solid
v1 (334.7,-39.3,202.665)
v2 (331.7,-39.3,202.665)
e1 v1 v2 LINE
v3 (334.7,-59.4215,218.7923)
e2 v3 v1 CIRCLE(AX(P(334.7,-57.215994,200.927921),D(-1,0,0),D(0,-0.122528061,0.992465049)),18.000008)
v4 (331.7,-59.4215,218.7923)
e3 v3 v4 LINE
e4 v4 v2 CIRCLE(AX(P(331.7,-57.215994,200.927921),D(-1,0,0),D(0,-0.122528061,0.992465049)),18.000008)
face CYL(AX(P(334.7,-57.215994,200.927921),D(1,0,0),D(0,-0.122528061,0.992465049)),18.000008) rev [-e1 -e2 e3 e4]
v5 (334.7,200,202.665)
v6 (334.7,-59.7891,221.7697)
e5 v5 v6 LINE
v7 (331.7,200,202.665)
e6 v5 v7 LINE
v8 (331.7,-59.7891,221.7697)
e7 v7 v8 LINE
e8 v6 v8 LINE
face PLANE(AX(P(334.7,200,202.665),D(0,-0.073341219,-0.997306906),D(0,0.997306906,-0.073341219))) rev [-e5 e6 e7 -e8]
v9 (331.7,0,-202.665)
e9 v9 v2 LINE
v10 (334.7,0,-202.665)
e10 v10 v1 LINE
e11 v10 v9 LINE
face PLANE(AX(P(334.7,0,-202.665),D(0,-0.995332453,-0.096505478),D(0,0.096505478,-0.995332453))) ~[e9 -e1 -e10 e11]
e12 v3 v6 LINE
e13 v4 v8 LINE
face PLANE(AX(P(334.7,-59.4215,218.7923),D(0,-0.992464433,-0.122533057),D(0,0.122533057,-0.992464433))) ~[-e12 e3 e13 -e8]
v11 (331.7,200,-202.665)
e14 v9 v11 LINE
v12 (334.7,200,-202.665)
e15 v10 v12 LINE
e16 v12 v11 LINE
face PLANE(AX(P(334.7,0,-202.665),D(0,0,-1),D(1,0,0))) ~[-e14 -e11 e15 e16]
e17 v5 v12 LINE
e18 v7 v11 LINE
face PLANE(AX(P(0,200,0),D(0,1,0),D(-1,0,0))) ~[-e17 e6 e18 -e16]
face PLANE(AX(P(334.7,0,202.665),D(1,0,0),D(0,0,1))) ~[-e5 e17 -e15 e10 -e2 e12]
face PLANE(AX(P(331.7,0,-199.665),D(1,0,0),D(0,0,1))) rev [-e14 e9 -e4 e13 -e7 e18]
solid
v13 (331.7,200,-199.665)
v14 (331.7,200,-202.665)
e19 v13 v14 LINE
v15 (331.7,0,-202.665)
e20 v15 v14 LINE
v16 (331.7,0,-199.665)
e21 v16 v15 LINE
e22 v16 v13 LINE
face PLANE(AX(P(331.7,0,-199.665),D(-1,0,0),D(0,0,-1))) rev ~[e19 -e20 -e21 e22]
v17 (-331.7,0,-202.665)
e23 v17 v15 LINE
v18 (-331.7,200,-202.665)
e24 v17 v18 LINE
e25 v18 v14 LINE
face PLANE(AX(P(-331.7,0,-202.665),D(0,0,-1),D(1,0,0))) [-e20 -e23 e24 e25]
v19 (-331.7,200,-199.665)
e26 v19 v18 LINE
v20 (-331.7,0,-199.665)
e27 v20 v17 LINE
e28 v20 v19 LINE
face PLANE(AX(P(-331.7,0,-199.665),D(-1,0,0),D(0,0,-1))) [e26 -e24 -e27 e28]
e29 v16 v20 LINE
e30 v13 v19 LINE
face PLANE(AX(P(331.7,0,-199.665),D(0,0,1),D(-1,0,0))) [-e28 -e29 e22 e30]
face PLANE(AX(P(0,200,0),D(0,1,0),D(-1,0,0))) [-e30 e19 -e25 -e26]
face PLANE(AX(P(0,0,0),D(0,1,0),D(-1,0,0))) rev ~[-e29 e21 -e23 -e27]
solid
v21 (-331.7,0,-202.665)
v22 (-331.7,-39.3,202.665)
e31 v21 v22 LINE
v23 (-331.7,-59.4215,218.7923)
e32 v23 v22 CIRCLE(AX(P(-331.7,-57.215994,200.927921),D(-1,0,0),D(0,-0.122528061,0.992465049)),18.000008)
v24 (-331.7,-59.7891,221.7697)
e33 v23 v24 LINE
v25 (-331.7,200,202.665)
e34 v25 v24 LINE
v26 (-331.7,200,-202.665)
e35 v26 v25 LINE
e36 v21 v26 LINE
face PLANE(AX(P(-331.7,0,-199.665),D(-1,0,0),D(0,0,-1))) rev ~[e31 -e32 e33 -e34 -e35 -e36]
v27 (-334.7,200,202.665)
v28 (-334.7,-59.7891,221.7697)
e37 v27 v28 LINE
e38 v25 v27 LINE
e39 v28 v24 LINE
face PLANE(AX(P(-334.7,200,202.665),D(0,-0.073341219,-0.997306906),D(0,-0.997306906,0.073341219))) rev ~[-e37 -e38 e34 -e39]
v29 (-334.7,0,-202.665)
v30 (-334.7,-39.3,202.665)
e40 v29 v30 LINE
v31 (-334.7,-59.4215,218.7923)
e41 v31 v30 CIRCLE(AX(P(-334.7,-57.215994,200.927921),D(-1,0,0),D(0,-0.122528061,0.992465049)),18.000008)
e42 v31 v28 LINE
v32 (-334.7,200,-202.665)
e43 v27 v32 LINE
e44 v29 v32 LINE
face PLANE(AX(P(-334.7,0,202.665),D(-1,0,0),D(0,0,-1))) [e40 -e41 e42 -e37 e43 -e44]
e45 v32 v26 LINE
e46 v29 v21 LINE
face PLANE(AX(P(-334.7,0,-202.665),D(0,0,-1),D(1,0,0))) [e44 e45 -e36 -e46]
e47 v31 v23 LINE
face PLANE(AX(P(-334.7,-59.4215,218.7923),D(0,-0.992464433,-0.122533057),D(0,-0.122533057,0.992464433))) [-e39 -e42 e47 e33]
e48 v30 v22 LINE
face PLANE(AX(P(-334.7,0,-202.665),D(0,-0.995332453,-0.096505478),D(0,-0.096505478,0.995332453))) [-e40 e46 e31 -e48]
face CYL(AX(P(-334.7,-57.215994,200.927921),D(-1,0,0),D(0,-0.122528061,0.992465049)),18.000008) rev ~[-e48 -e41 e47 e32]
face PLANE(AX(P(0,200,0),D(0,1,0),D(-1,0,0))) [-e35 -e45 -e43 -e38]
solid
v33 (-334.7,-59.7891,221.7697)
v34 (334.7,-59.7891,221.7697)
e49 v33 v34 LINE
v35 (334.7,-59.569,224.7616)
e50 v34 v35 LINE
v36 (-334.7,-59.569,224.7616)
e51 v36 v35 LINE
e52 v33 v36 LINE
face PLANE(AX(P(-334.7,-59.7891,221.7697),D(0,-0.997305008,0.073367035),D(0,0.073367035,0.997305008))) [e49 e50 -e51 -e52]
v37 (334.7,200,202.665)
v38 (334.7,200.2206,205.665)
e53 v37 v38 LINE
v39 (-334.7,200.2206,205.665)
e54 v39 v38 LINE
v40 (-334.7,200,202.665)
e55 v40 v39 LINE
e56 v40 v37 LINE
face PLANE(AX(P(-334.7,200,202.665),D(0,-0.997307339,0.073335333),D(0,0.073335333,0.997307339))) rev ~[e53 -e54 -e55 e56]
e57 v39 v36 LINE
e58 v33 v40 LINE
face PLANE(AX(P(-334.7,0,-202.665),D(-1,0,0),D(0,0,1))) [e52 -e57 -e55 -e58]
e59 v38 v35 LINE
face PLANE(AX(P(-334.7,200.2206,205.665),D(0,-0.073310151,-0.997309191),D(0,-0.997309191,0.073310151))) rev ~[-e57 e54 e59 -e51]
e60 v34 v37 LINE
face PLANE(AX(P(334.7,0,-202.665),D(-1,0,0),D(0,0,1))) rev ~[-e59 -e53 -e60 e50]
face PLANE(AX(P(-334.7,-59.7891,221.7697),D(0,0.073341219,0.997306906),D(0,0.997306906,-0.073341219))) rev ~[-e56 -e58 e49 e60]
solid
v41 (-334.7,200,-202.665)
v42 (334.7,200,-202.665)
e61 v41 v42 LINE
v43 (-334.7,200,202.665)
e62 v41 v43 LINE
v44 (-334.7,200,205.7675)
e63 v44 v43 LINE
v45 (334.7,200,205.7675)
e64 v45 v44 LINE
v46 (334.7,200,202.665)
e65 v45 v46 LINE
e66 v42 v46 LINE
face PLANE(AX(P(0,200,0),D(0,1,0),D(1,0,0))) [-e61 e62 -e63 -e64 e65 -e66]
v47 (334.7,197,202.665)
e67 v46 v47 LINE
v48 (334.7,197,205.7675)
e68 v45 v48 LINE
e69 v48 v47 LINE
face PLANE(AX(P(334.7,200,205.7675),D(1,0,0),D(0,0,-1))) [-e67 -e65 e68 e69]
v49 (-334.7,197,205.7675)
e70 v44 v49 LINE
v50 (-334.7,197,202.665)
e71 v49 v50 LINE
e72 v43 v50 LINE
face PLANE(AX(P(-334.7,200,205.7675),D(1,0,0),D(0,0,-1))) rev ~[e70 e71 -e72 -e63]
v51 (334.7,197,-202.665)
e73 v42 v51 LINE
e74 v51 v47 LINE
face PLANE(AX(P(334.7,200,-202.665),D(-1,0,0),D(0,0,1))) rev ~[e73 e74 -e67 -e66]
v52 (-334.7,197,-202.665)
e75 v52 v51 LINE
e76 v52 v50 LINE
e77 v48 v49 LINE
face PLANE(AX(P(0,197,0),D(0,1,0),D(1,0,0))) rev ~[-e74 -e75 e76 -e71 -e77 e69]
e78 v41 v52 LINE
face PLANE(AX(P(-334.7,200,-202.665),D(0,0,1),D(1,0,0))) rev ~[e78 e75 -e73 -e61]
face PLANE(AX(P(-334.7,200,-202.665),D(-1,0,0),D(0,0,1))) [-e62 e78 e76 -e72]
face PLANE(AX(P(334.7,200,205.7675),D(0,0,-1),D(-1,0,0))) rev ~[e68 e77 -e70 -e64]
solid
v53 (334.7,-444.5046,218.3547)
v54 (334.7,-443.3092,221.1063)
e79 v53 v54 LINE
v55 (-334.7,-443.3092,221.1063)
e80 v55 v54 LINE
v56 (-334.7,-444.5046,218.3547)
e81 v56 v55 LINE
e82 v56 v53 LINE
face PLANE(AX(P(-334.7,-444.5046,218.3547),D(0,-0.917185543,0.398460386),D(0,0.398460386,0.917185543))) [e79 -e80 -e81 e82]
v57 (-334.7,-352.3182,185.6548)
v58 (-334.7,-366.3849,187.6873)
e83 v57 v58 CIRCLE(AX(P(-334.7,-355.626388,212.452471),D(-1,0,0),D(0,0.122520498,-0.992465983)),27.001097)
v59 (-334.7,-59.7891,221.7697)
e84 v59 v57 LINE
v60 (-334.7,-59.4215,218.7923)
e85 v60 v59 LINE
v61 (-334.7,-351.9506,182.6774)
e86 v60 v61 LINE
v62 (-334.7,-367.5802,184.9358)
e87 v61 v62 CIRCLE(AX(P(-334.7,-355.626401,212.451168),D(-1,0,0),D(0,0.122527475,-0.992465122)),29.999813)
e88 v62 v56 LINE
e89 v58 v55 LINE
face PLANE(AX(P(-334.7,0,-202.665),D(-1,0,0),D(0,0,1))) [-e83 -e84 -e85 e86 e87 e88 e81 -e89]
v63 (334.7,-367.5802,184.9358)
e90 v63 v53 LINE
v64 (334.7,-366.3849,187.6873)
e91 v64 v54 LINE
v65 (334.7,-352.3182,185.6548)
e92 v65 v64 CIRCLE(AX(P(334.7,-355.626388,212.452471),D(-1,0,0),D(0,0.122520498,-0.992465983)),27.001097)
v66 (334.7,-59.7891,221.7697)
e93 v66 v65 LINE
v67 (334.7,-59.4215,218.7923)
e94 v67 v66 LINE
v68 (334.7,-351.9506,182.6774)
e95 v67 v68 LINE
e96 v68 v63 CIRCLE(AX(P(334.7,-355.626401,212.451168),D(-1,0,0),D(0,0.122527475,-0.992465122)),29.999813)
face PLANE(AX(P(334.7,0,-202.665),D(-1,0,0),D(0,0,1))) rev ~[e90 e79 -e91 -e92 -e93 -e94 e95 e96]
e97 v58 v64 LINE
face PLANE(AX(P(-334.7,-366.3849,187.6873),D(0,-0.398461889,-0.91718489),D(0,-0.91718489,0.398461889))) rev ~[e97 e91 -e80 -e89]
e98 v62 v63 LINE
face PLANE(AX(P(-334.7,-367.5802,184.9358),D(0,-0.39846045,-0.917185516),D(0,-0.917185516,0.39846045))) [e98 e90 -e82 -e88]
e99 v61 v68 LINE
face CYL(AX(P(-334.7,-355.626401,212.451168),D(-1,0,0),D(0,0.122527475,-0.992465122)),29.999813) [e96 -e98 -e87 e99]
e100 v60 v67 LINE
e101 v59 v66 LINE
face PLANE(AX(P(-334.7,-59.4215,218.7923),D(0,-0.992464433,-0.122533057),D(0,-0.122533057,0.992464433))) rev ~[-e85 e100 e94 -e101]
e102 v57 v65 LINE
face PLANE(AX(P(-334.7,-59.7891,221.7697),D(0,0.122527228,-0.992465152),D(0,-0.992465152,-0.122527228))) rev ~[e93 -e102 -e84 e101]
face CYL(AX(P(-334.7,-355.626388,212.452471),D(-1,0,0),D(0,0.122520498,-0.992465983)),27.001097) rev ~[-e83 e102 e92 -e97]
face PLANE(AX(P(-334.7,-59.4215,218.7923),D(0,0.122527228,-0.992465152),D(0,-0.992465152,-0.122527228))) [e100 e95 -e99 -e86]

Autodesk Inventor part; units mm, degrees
ref_plane "YZ Plane" through (0, 0, 0) normal (1, 0, 0) x (0, 1, 0)
ref_plane "XZ Plane" through (0, 0, 0) normal (0, 1, 0) x (-1, 0, 0)
ref_plane "XY Plane" through (0, 0, 0) normal (0, 0, 1) x (1, 0, 0)
sketch "Sketch1" plane through (0, 0, 0) normal (0, 1, 0) x (-1, 0, 0)
  line L0 (334.7, -202.665) -> (-334.7, -202.665)
  line L1 (-334.7, -202.665) -> (-334.7, 202.665)
  line L2 (-334.7, 202.665) -> (334.7, 202.665)
  line L3 (334.7, 202.665) -> (334.7, -202.665)
  line L4 (337.7, -202.665) -> (-337.7, -202.665) construction
  line L5 (-337.7, -202.665) -> (-337.7, 202.665) construction
  line L6 (-337.7, 202.665) -> (337.7, 202.665) construction
  line L7 (337.7, 202.665) -> (337.7, -202.665) construction
  line L8 (-331.7, 199.665) -> (-331.7, -199.665)
  line L9 (-331.7, -199.665) -> (331.7, -199.665)
  line L10 (331.7, -199.665) -> (331.7, 199.665)
  line L11 (331.7, 199.665) -> (-331.7, 199.665)
  line L12 (331.7, 199.665) -> (331.7, 202.665)
  line L13 (-331.7, 199.665) -> (-331.7, 202.665)
  line L14 (331.7, -199.665) -> (331.7, -202.665)
  line L15 (-331.7, -199.665) -> (-331.7, -202.665)
  point P0 (0, 0)
  point P1 (-334.7, 0)
  point P2 (0, -202.665)
  point P3 (0, -202.665)
  point P4 (-337.7, 0)
  point P5 (331.7, 202.665)
  point P6 (331.7, -202.665)
  point P7 (-331.7, -202.665)
  dimension "d0" = 675.4
  dimension "d1" = 405.33
  dimension "d2" = 3
  dimension "d3" = 3
extrude "Extrusion1" add sketch "Sketch1" along normal blind 200 contours L0 L14 L10 L12 L2 L3
extrude "Extrusion2" add sketch "Sketch1" along normal blind 200 separate body contours L0 L15 L9 L14
sketch "Sketch2" plane through (-334.7, 0, -202.665) normal (-1, 0, 0) x (0, 0, 1)
  line L0 (405.33, 0) -> (0, 0) projected
  line L1 (0, 0) -> (405.33, -39.3)
  line L2 (405.33, 0) -> (405.33, -39.3) construction
  line L3 (405.33, 0) -> (405.33, 200) projected
  arc A0 (421.4573, -59.4215) -> (405.33, -39.3) centre (403.5929, -57.216) ccw
  line L4 (421.4573, -59.4215) -> (413.7818, -121.5922) construction
  line L5 (421.4573, -59.4215) -> (424.4347, -59.7891)
  line L6 (405.33, 200) -> (424.4347, -59.7891)
  point P0 (202.665, 0)
  dimension "d8" = 39.3
  dimension "d9" = 18
  dimension "d10" = 88.5
  dimension "d12" = 3
extrude "Extrusion3" add sketch "Sketch2" against normal up to surface (3 mm away) bodies 1
mirror "Mirror1" about plane through (0, 0, 0) normal (1, 0, 0) of "Extrusion3", "Extrusion1" bodies 1
sketch "Sketch4" plane through (-334.7, 0, -202.665) normal (-1, 0, 0) x (0, 0, 1)
  line L0 (0, 0) -> (405.33, -39.3) projected
  arc A0 (421.4573, -59.4215) -> (405.33, -39.3) centre (403.5929, -57.216) ccw projected
  line L1 (421.4573, -59.4215) -> (424.4347, -59.7891) projected
  line L2 (424.4347, -59.7891) -> (405.33, 200) projected
  line L3 (0, 200) -> (405.33, 200) projected
  line L4 (0, 0) -> (0, 200) projected
  line L5 (424.4347, -59.7891) -> (405.33, 200) projected
  line L6 (405.33, 200) -> (408.33, 200.2206)
  line L7 (408.33, 200.2206) -> (427.4266, -59.569)
  line L8 (424.4347, -59.7891) -> (427.4266, -59.569)
  point P0 (202.665, 0)
  dimension "d15" = 90
  dimension "d16" = 3
  dimension "d17" = 90
  dimension "d19" = 3
extrude "Extrusion4" add sketch "Sketch4" against normal up to surface (669.4 mm away) separate body contours L6 L7 L8 L2
sketch "Sketch5" plane through (0, 200, 0) normal (0, 1, 0) x (1, 0, 0)
  line L0 (-334.7, 202.665) -> (-334.7, -202.665) projected
  line L1 (334.7, -218.9279) -> (334.7, -202.665) projected
  line L2 (-334.7, 202.665) -> (334.7, 202.665)
  line L3 (334.7, 202.665) -> (334.7, -205.7675)
  line L4 (334.7, -205.7675) -> (-334.7, -205.7675)
  line L5 (-334.7, -205.7675) -> (-334.7, 202.665)
  point P0 (0, 0)
  point P1 (334.7, -218.7923)
extrude "Extrusion5" add sketch "Sketch5" against normal blind 3 separate body
sketch "Sketch6" plane through (-334.7, 0, -202.665) normal (-1, 0, 0) x (0, 0, 1)
  arc A0 (421.4573, -59.4215) -> (405.33, -39.3) centre (403.5929, -57.216) ccw projected
  line L0 (421.4573, -59.4215) -> (385.3424, -351.9506)
  arc A1 (421.4573, -59.4215) -> (405.33, -39.3) centre (403.5929, -57.216) ccw projected
  arc A2 (385.3424, -351.9506) -> (387.6008, -367.5802) centre (415.1163, -355.6264) ccw
  line L1 (387.6008, -367.5802) -> (421.0197, -444.5046)
  line L2 (424.4347, -59.7891) -> (388.3198, -352.3182)
  arc A3 (388.3198, -352.3182) -> (390.3523, -366.3849) centre (415.1163, -355.6264) ccw
  line L3 (390.3523, -366.3849) -> (423.7713, -443.3092)
  line L4 (421.4573, -59.4215) -> (424.4347, -59.7891)
  line L5 (421.0197, -444.5046) -> (423.7713, -443.3092)
  point P0 (202.665, 0)
  dimension "d24" = 294.75
  dimension "d25" = 30
  dimension "d26" = 149.48
  dimension "d27" = 83.87
  dimension "d28" = 3
extrude "Extrusion6" add sketch "Sketch6" against normal up to surface (669.4 mm away) separate body
sketch "Sketch7" plane through (-334.7, -59.7891, 221.7697) normal (0, -0.1225, 0.9925) x (1, 0, 0)
  ellipse E0 centre (1026.9236, 18.0035) end of major axis (1999.1461, 18.0035) minor radius 972.2223 (54.8677, 0.0035) -> (106.3768, -294.7427) ccw projected
  spline S0 degree 3 poles (109, -302.3594) (108.5627, -301.1176) (108.1258, -299.8562) (107.2511, -297.3094) (106.8142, -296.0268) (106.3768, -294.7427) knots -0.813889 -0.813889 -0.813889 -0.813889 -0.406945 -0.406945 0 0 0 0 projected
  spline S1 degree 3 poles (112.888, -309.9746) (112.3974, -309.2284) (111.9723, -308.5468) (111.6126, -307.9425) (111.4327, -307.6404) (111.2692, -307.3574) (111.1221, -307.0949) (111.0485, -306.9636) (110.979, -306.8374) (110.9136, -306.7164) (110.8809, -306.6559) (110.8493, -306.5967) (110.8186, -306.5388) (110.8033, -306.5098) (110.7882, -306.4812) (110.7734, -306.4529) (110.766, -306.4387) (110.7586, -306.4247) (110.7514, -306.4107) (110.7441, -306.3967) (110.7375, -306.384) (110.7297, -306.369) (110.2337, -305.4107) (109.6571, -304.0867) (109, -302.3594) knots 0 0 0 0 0.25 0.25 0.25 0.375 0.375 0.375 0.4375 0.4375 0.4375 0.46875 0.46875 0.46875 0.484375 0.484375 0.484375 0.492187 0.492187 0.492187 0.5 0.5 0.5 1 1 1 1 projected
  ellipse E1 centre (138.7441, -291.9833) end of major axis (170.2478, -291.9833) minor radius 31.4913 (112.888, -309.9746) -> (138.7441, -323.4747) ccw projected
  line L0 (138.7441, -323.4747) -> (536.6559, -323.4747) projected
  ellipse E2 centre (138.7441, -291.9833) end of major axis (170.2478, -291.9833) minor radius 31.4913 (112.888, -309.9746) -> (138.7441, -323.4747) ccw projected
  line L1 (138.7441, -323.4747) -> (536.6559, -323.4747) projected
  line L2 (543.4, -374.2271) -> (543.4, -316.9082) projected
  ellipse E3 centre (-351.5236, 18.0035) end of major axis (620.6989, 18.0035) minor radius 972.2223 (569.0232, -294.7427) -> (620.5323, 0.0035) ccw projected
  spline S2 degree 3 poles (569.0232, -294.7427) (568.5858, -296.0268) (568.1489, -297.3094) (567.2742, -299.8562) (566.8373, -301.1176) (566.4, -302.3594) knots -0.813889 -0.813889 -0.813889 -0.813889 -0.406945 -0.406945 0 0 0 0 projected
  ellipse E4 centre (-351.5236, 18.0035) end of major axis (620.6989, 18.0035) minor radius 972.2223 (569.0232, -294.7427) -> (620.5323, 0.0035) ccw projected
  spline S3 degree 3 poles (566.4, -302.3594) (566.0715, -303.2229) (565.7631, -303.9859) (565.3307, -304.986) (565.1916, -305.2952) (564.9904, -305.724) (564.9246, -305.8611) (564.8278, -306.058) (564.7799, -306.1543) (564.7248, -306.2629) (564.7014, -306.3087) (564.6858, -306.339) (564.6774, -306.3552) (564.4415, -306.811) (564.1473, -307.338) (563.4278, -308.5466) (563.0027, -309.2282) (562.512, -309.9746) knots 0 0 0 0 0.25 0.25 0.375 0.375 0.4375 0.4375 0.46875 0.484375 0.492187 0.492187 0.5 0.5 0.75 0.75 1 1 1 1 projected
  ellipse E5 centre (536.6559, -291.9833) end of major axis (568.1595, -291.9833) minor radius 31.4913 (536.6559, -323.4747) -> (562.512, -309.9746) ccw projected
  point P0 (334.7, 32.1657)
sketch "Sketch8" plane through (-334.7, -366.3849, 187.6873) normal (0, 0.3985, 0.9172) x (1, 0, 0)
  line L0 (138.7441, -15.6403) -> (536.6559, -15.6403) projected
  ellipse E0 centre (138.7441, 20.9297) end of major axis (138.7441, 57.4996) minor radius 31.5036 (112.888, 0.037) -> (138.7441, -15.6403) ccw projected
  ellipse E1 centre (536.6559, 20.9297) end of major axis (536.6559, -15.6403) minor radius 31.5036 (536.6559, -15.6403) -> (562.512, 0.037) ccw projected
  spline S0 degree 3 poles (566.4, 8.211) (566.0715, 7.3517) (565.7631, 6.5717) (565.3307, 5.5321) (565.1916, 5.2072) (564.9904, 4.7533) (564.9246, 4.6076) (564.8278, 4.3974) (564.7799, 4.2944) (564.7248, 4.1779) (564.7014, 4.1288) (564.6858, 4.0962) (564.6774, 4.0788) (564.4415, 3.5887) (564.1473, 3.0158) (563.4278, 1.6734) (563.0027, 0.9037) (562.512, 0.037) knots 0 0 0 0 0.25 0.25 0.375 0.375 0.4375 0.4375 0.46875 0.484375 0.492187 0.492187 0.5 0.5 0.75 0.75 1 1 1 1 projected
  spline S1 degree 3 poles (112.888, 0.037) (112.3974, 0.9036) (111.9723, 1.6732) (111.6126, 2.3444) (111.4327, 2.68) (111.2692, 2.991) (111.1221, 3.2776) (111.0485, 3.4209) (110.979, 3.558) (110.9136, 3.6891) (110.8809, 3.7546) (110.8493, 3.8186) (110.8186, 3.8811) (110.8033, 3.9123) (110.7882, 3.9432) (110.7734, 3.9736) (110.766, 3.9889) (110.7586, 4.004) (110.7514, 4.0191) (110.7441, 4.0341) (110.7375, 4.0478) (110.7297, 4.0639) (110.2337, 5.0945) (109.6571, 6.4921) (109, 8.211) knots 0 0 0 0 0.25 0.25 0.25 0.375 0.375 0.375 0.4375 0.4375 0.4375 0.46875 0.46875 0.46875 0.484375 0.484375 0.484375 0.492187 0.492187 0.492187 0.5 0.5 0.5 1 1 1 1 projected
  point P0 (334.7, 410.8289)
properties part number "SigmaxxEnclosure"
